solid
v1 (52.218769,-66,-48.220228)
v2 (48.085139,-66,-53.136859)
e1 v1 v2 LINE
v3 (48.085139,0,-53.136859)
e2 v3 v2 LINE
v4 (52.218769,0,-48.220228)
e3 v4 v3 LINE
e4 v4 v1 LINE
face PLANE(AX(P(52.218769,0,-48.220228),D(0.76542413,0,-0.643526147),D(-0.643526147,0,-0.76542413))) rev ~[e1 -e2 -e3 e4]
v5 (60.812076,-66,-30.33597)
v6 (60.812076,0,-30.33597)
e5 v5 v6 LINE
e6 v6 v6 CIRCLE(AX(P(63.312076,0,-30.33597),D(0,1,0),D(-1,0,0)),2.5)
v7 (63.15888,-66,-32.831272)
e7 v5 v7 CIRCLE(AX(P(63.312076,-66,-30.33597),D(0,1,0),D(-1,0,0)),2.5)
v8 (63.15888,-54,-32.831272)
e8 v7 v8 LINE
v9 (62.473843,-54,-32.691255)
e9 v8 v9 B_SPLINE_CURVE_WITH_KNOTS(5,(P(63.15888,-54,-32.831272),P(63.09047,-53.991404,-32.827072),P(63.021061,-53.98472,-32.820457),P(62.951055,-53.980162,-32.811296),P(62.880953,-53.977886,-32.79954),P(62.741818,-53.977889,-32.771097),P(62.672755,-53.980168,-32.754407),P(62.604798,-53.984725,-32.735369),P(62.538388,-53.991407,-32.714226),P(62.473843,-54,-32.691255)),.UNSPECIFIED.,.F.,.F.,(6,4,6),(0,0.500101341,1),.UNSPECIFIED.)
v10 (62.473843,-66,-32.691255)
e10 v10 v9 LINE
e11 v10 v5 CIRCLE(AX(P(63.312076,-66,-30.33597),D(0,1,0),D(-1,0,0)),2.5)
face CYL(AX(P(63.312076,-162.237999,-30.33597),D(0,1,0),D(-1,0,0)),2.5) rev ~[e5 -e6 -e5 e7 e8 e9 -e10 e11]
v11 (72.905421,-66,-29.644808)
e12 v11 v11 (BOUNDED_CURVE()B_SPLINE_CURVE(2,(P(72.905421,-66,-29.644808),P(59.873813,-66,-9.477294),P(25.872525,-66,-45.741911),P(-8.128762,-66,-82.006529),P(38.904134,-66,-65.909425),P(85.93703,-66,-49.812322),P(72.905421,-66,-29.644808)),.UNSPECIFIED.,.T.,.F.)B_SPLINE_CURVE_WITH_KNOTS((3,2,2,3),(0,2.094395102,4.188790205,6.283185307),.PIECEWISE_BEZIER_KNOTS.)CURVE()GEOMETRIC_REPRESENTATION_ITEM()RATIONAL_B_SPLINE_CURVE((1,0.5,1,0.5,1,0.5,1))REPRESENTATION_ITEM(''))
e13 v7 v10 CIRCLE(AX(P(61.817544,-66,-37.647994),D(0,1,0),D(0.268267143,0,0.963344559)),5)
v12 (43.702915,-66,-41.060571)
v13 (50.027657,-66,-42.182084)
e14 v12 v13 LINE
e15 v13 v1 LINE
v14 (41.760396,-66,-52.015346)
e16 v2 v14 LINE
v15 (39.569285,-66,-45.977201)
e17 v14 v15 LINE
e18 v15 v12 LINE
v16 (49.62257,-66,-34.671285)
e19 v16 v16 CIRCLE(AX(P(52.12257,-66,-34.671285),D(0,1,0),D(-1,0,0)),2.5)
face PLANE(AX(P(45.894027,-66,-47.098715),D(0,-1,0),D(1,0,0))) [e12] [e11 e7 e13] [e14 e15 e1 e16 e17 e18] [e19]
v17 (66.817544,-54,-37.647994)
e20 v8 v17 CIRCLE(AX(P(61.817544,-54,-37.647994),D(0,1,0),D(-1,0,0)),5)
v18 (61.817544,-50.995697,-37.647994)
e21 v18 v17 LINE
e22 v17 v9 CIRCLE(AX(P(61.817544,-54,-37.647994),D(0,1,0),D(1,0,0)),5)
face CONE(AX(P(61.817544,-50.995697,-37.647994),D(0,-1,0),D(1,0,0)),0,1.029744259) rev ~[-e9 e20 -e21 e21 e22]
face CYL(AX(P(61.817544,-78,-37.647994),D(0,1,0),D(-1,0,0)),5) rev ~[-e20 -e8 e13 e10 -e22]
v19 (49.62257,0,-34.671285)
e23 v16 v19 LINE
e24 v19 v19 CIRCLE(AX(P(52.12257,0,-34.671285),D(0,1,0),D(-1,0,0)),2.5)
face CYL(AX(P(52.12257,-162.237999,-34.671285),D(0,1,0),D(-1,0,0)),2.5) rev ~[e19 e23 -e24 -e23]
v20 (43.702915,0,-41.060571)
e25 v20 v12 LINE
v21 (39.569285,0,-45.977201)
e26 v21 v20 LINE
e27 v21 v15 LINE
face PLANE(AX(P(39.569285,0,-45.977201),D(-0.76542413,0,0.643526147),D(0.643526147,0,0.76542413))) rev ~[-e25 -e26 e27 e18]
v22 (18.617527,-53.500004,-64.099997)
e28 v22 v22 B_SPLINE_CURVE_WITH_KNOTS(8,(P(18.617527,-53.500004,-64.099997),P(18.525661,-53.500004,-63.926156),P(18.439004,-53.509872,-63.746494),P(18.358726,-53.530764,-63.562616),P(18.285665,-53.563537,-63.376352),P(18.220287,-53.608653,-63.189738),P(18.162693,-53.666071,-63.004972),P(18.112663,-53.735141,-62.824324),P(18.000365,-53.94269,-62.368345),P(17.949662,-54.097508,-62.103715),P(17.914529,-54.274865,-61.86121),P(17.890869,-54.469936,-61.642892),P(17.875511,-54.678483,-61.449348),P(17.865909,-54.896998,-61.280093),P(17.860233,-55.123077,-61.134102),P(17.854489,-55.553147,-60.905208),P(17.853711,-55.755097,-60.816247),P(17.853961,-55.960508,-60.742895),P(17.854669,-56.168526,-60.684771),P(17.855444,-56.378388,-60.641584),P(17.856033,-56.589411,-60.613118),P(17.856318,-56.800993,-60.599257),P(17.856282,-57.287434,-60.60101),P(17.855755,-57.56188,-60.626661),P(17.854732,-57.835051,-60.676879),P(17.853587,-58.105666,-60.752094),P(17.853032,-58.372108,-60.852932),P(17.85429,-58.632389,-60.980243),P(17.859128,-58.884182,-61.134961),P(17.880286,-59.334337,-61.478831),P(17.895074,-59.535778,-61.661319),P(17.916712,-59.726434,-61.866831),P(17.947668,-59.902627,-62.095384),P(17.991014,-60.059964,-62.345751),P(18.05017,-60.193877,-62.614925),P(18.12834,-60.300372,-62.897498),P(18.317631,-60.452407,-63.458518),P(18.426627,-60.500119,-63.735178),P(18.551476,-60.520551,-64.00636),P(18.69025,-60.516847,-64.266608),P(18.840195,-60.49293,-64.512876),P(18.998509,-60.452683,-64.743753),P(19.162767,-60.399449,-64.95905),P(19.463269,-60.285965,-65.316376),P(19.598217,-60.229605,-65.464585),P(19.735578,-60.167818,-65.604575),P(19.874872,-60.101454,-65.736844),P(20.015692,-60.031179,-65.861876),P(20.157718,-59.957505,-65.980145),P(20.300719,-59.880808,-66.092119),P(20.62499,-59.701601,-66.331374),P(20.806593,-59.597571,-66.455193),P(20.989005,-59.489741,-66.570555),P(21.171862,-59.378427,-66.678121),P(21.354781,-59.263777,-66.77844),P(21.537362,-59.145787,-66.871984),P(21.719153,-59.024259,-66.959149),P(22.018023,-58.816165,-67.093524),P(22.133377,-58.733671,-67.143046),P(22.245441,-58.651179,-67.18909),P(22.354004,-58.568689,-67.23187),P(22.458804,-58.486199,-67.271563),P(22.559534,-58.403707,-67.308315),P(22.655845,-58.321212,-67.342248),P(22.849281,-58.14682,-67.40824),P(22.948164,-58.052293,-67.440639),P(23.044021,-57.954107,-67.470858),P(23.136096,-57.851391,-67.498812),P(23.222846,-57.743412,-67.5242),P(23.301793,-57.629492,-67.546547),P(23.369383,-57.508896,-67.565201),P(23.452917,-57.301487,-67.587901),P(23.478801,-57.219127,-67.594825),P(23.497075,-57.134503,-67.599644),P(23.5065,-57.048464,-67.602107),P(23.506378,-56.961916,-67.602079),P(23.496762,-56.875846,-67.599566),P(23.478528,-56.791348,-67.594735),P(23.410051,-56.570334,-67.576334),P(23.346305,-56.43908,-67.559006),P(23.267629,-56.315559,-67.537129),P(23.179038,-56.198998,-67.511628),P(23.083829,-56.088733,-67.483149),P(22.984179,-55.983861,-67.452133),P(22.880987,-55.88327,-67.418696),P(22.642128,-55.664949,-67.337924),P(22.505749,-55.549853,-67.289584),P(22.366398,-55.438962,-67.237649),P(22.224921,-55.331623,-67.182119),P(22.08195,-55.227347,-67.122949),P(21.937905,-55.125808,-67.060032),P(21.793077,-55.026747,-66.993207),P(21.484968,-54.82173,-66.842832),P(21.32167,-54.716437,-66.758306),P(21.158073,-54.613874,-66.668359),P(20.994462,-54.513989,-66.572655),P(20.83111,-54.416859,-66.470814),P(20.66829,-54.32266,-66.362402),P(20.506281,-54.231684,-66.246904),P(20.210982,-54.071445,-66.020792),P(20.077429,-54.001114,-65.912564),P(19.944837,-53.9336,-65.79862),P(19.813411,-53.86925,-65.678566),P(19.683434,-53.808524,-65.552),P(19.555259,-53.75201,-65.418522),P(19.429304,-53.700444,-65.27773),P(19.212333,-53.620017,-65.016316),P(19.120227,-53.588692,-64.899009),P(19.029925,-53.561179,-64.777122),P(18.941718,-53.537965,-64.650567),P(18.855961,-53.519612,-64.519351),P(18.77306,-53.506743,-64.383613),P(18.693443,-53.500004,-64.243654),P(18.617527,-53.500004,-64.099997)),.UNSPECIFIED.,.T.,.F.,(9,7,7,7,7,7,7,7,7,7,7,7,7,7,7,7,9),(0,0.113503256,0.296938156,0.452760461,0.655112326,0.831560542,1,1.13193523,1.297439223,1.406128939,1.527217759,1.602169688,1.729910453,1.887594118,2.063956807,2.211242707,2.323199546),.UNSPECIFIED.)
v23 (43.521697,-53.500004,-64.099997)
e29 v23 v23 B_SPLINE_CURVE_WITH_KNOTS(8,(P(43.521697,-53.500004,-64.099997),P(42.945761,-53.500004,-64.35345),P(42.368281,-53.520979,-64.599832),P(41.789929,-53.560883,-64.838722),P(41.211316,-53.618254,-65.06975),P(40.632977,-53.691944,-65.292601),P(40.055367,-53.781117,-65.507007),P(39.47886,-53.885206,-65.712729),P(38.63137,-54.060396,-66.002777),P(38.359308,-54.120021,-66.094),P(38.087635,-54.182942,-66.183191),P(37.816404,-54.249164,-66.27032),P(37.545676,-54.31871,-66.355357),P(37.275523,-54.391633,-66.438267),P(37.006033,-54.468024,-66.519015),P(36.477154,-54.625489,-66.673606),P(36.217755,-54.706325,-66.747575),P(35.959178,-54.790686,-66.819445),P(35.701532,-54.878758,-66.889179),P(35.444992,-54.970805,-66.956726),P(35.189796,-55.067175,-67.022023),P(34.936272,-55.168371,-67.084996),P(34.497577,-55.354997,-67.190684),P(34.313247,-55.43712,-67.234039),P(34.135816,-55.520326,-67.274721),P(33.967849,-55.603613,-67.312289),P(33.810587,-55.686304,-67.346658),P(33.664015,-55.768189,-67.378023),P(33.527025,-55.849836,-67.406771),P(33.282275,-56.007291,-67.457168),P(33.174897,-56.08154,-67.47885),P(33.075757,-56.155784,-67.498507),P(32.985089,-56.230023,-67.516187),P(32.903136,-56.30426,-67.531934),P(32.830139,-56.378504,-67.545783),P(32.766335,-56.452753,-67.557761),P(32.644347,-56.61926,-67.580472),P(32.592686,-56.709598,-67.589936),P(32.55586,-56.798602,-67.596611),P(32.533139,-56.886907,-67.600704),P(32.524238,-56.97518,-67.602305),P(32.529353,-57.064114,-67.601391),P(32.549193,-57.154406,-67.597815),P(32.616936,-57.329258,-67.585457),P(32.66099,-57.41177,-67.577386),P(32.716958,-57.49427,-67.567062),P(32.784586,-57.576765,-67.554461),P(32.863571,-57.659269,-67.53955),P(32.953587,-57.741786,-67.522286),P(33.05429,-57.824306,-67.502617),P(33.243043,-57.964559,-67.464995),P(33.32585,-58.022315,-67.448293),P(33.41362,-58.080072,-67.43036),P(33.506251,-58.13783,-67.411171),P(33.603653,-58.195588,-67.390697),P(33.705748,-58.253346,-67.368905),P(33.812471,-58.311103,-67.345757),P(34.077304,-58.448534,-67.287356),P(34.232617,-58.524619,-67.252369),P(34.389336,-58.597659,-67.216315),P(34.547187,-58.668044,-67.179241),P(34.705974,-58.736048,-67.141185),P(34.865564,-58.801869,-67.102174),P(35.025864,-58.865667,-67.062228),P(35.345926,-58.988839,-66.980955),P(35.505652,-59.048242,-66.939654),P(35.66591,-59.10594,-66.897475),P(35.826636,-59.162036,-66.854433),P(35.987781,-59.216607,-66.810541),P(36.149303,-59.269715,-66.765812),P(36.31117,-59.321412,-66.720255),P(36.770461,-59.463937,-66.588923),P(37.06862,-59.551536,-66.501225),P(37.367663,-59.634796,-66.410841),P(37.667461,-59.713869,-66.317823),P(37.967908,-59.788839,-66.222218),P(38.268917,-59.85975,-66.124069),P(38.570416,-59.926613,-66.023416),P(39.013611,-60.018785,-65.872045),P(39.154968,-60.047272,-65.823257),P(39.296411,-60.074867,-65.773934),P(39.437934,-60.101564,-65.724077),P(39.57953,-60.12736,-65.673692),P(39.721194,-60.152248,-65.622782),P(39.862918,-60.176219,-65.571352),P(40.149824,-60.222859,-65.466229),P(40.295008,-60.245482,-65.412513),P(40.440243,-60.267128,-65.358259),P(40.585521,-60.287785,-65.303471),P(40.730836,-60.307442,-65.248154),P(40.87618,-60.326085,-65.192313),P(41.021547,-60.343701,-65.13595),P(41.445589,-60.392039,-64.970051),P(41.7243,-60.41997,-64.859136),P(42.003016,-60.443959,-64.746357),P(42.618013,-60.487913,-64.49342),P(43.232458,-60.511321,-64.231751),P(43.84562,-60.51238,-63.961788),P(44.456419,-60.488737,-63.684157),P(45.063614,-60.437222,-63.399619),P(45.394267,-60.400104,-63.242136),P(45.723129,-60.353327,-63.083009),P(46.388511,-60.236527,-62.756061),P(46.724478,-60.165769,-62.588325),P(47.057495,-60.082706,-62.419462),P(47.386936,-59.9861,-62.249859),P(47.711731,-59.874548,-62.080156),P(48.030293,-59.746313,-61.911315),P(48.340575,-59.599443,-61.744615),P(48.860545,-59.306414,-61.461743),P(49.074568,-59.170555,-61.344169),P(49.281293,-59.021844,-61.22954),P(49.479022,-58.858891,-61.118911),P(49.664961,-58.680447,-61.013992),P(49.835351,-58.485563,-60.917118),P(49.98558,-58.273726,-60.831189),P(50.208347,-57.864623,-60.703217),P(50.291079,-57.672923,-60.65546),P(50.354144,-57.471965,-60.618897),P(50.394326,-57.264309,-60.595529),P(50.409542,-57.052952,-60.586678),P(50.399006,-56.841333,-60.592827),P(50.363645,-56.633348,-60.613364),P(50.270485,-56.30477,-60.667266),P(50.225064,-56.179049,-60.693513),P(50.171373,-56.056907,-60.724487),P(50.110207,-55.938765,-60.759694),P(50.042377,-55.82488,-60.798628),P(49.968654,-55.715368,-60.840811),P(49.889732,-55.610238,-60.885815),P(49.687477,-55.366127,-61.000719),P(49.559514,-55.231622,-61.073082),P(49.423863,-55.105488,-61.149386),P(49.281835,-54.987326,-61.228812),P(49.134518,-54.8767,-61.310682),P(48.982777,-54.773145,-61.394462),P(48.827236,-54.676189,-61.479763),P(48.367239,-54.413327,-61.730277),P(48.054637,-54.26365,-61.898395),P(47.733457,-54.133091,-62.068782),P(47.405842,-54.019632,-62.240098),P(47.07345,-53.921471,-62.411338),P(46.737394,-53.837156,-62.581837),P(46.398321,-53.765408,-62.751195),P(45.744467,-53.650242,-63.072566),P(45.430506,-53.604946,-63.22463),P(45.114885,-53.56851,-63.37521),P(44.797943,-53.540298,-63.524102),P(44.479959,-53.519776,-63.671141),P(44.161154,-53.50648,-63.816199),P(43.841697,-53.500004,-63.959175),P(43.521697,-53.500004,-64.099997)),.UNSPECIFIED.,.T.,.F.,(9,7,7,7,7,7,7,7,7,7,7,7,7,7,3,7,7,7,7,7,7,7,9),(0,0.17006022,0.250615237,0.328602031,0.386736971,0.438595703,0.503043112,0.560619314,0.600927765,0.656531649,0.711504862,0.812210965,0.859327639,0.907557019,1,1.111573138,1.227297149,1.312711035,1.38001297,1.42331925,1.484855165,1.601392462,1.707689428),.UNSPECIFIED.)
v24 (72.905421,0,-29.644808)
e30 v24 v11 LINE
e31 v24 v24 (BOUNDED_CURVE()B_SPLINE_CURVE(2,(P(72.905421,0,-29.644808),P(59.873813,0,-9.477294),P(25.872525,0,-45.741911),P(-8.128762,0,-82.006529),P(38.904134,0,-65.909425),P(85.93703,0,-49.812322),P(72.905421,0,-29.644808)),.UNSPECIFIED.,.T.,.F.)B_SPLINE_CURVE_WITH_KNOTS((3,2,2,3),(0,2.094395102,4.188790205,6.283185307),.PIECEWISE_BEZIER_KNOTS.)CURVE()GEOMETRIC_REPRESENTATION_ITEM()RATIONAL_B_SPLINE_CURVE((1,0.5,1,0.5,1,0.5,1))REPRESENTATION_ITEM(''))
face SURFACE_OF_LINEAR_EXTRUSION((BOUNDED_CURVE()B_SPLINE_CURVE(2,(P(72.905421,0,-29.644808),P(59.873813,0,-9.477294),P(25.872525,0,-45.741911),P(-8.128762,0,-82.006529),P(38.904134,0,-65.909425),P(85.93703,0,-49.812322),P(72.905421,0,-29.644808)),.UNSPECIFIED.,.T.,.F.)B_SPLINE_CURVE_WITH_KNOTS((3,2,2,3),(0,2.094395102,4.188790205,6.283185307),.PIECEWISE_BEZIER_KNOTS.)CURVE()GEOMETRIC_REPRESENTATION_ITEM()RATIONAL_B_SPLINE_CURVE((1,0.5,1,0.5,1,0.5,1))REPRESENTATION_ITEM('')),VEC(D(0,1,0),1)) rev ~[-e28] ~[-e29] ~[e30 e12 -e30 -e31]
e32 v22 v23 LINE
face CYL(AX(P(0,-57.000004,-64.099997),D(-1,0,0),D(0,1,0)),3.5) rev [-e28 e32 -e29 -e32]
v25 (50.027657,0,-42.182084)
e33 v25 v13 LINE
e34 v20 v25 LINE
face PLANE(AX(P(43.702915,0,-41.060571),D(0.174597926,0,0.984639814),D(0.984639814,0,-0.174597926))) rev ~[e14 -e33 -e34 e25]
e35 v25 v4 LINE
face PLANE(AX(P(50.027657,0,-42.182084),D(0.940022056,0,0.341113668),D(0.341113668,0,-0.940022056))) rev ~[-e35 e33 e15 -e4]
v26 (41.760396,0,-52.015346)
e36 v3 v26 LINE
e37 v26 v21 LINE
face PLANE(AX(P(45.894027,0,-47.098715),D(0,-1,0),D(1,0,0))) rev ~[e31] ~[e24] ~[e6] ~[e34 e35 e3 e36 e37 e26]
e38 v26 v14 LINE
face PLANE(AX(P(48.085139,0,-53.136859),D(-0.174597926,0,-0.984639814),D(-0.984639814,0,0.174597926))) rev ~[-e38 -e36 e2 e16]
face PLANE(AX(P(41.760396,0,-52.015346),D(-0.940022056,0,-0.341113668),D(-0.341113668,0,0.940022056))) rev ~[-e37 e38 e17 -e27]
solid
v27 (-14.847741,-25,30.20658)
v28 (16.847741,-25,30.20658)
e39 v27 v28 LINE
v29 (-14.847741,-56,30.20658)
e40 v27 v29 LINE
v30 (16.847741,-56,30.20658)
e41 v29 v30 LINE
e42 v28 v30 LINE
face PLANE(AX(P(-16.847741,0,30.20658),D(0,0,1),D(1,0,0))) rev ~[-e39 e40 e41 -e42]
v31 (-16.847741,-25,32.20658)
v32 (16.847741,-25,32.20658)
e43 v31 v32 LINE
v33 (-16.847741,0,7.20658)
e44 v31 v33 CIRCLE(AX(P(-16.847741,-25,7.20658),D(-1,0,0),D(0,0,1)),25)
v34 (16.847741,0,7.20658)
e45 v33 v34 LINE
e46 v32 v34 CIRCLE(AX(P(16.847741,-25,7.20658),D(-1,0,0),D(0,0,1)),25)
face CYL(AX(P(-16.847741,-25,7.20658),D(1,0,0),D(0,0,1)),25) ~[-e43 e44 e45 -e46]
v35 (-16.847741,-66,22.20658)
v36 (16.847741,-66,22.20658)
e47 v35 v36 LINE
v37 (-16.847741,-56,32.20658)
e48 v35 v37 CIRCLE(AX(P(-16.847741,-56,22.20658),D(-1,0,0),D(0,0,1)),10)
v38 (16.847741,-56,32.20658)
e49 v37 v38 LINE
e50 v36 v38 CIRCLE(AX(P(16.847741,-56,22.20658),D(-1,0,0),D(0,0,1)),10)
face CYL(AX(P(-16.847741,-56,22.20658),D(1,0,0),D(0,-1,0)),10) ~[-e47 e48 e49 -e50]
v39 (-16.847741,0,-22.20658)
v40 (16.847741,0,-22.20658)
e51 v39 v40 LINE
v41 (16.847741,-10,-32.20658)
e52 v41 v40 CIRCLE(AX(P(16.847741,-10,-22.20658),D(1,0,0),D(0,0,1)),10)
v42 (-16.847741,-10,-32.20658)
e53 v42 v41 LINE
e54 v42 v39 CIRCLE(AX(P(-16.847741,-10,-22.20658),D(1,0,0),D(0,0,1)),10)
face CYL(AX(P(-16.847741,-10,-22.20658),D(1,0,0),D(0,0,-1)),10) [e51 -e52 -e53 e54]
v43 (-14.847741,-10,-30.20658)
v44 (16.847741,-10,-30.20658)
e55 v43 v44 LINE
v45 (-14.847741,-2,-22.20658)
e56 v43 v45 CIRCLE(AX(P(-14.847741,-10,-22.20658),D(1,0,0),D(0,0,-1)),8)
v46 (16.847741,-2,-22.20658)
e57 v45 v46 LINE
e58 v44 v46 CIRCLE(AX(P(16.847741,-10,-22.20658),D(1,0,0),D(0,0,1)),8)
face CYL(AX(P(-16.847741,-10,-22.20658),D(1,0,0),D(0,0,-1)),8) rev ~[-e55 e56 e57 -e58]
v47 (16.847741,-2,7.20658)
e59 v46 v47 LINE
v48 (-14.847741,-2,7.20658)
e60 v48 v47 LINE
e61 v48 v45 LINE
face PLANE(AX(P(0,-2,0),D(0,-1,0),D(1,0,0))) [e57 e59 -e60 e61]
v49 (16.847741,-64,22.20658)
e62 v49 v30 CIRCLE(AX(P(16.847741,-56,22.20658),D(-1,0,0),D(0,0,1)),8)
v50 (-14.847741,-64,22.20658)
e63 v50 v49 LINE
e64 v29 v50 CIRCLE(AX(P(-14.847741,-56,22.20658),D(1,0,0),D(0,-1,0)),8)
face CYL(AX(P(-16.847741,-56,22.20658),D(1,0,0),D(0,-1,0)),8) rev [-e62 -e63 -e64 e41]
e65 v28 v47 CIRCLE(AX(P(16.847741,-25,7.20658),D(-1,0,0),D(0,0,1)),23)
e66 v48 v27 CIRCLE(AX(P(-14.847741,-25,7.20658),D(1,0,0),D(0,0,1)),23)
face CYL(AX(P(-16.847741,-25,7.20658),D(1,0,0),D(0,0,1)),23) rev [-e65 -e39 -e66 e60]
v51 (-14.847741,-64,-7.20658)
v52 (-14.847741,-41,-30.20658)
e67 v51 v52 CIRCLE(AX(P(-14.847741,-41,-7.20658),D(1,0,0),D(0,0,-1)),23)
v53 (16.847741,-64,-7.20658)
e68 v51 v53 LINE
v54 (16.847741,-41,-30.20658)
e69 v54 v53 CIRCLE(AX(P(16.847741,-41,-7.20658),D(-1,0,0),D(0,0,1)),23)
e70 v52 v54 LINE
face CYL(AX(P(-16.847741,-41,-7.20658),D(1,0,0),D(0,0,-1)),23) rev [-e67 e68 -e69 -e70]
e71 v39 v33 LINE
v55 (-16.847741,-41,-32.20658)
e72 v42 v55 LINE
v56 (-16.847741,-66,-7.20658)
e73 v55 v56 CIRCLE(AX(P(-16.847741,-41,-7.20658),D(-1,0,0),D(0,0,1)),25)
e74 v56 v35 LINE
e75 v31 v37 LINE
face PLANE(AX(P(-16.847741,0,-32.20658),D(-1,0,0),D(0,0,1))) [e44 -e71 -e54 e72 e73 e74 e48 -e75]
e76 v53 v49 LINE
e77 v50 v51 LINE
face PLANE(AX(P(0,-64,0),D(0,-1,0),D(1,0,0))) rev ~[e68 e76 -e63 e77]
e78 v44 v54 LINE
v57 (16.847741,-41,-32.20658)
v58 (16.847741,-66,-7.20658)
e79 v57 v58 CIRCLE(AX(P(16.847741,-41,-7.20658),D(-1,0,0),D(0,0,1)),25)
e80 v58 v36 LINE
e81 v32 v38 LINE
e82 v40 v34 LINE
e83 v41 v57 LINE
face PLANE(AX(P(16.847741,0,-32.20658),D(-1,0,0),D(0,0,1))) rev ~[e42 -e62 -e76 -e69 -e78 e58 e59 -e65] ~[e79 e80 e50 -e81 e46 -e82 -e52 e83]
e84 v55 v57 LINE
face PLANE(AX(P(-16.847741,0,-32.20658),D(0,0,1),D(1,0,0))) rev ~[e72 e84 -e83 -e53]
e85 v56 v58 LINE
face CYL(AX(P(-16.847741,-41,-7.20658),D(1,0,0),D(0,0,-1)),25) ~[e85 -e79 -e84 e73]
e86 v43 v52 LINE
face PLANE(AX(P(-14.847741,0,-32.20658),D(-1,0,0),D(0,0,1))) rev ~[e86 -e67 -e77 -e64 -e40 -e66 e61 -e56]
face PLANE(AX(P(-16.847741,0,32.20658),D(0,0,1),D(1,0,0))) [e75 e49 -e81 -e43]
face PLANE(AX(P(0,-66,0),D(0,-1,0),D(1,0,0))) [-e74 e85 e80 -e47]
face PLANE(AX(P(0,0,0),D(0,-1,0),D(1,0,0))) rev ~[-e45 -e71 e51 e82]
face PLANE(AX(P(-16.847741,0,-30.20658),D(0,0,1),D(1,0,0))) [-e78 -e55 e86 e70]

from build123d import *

# Parameters (mm, degrees)
F0_W     = 33.6954817176
F0_H     = 64.4131600857
F1_DEPTH = 66
F2_R     = 25
F3_R     = 10
F4_T     = -2
F5_R     = 3.5
F6_DEPTH = 65.4
F8_D     = 5
F9_D     = 10
F9_DEPTH = 12
F9_TIP   = 3.0043030951


with BuildPart() as f1:
    # F0 (on Front) → F1 (new body)
    with BuildSketch(Plane.XZ):
        Rectangle(F0_W, F0_H)
    extrude(amount=F1_DEPTH)

    # F2
    f2_edges = [f1.edges().sort_by_distance(p)[0] for p in [
        (0, -66, -32.20658),
        (0, 0, 32.20658),
    ]]
    fillet(f2_edges, radius=F2_R)

    # F3
    f3_edges = [f1.edges().sort_by_distance(p)[0] for p in [
        (0, -66, 32.20658),
        (0, 0, -32.20658),
    ]]
    fillet(f3_edges, radius=F3_R)

    # F4
    f4_openings = [f1.faces().sort_by_distance(p)[0] for p in [
        (16.847741, -33, 0),
    ]]
    offset(amount=F4_T, openings=f4_openings)


with BuildPart() as f1b:
    # F0 (on Front) → F1, piece 2 (new body)
    with BuildSketch(Plane.XZ):
        with BuildLine():
            add(Edge.make_bspline(
                [(72.905421257, -29.6448078007), (59.8738129685, -9.4772939426), (25.8725253616, -45.7419114581), (-8.1287622452, -82.0065289736), (38.9041336502, -65.9094253161), (85.9370295456, -49.8123216587), (72.905421257, -29.6448078007)],
                knots=[0, 0, 0, 2.0943951024, 2.0943951024, 4.1887902048, 4.1887902048, 6.2831853072, 6.2831853072, 6.2831853072], degree=2, weights=[1, 0.5, 1, 0.5, 1, 0.5, 1]))
        make_face()
        Polygon((48.0851386586, -53.1368590557), (41.7603964408, -52.0153455269), (39.5692845385, -45.9772013295), (43.702914854, -41.0605706609), (50.0276570718, -42.1820841897), (52.2187689741, -48.2202283871), align=None, mode=Mode.SUBTRACT)
    extrude(amount=F1_DEPTH)

    # F5 (on Right) → F6 (cut)
    with BuildSketch(Plane.YZ):
        with Locations((-57.0000037551, -64.099997282)):
            Circle(F5_R)
    extrude(amount=F6_DEPTH, mode=Mode.SUBTRACT)

    # F8 (through all)
    with Locations(Plane.XZ.offset(66)):
        with Locations((52.1225702891, -34.6712848094), (63.3120763173, -30.3359699597)):
            Hole(F8_D / 2)

    # F9
    with Locations(Plane.XZ.offset(66)):
        with Locations((61.8175439469, -37.6479944984)):
            Hole(F9_D / 2, depth=F9_DEPTH)
            with Locations((0, 0, -(F9_DEPTH + F9_TIP / 2))):  # 118° drill point
                Cone(0, F9_D / 2, F9_TIP, mode=Mode.SUBTRACT)


solid = Compound([f1.part, f1b.part])
